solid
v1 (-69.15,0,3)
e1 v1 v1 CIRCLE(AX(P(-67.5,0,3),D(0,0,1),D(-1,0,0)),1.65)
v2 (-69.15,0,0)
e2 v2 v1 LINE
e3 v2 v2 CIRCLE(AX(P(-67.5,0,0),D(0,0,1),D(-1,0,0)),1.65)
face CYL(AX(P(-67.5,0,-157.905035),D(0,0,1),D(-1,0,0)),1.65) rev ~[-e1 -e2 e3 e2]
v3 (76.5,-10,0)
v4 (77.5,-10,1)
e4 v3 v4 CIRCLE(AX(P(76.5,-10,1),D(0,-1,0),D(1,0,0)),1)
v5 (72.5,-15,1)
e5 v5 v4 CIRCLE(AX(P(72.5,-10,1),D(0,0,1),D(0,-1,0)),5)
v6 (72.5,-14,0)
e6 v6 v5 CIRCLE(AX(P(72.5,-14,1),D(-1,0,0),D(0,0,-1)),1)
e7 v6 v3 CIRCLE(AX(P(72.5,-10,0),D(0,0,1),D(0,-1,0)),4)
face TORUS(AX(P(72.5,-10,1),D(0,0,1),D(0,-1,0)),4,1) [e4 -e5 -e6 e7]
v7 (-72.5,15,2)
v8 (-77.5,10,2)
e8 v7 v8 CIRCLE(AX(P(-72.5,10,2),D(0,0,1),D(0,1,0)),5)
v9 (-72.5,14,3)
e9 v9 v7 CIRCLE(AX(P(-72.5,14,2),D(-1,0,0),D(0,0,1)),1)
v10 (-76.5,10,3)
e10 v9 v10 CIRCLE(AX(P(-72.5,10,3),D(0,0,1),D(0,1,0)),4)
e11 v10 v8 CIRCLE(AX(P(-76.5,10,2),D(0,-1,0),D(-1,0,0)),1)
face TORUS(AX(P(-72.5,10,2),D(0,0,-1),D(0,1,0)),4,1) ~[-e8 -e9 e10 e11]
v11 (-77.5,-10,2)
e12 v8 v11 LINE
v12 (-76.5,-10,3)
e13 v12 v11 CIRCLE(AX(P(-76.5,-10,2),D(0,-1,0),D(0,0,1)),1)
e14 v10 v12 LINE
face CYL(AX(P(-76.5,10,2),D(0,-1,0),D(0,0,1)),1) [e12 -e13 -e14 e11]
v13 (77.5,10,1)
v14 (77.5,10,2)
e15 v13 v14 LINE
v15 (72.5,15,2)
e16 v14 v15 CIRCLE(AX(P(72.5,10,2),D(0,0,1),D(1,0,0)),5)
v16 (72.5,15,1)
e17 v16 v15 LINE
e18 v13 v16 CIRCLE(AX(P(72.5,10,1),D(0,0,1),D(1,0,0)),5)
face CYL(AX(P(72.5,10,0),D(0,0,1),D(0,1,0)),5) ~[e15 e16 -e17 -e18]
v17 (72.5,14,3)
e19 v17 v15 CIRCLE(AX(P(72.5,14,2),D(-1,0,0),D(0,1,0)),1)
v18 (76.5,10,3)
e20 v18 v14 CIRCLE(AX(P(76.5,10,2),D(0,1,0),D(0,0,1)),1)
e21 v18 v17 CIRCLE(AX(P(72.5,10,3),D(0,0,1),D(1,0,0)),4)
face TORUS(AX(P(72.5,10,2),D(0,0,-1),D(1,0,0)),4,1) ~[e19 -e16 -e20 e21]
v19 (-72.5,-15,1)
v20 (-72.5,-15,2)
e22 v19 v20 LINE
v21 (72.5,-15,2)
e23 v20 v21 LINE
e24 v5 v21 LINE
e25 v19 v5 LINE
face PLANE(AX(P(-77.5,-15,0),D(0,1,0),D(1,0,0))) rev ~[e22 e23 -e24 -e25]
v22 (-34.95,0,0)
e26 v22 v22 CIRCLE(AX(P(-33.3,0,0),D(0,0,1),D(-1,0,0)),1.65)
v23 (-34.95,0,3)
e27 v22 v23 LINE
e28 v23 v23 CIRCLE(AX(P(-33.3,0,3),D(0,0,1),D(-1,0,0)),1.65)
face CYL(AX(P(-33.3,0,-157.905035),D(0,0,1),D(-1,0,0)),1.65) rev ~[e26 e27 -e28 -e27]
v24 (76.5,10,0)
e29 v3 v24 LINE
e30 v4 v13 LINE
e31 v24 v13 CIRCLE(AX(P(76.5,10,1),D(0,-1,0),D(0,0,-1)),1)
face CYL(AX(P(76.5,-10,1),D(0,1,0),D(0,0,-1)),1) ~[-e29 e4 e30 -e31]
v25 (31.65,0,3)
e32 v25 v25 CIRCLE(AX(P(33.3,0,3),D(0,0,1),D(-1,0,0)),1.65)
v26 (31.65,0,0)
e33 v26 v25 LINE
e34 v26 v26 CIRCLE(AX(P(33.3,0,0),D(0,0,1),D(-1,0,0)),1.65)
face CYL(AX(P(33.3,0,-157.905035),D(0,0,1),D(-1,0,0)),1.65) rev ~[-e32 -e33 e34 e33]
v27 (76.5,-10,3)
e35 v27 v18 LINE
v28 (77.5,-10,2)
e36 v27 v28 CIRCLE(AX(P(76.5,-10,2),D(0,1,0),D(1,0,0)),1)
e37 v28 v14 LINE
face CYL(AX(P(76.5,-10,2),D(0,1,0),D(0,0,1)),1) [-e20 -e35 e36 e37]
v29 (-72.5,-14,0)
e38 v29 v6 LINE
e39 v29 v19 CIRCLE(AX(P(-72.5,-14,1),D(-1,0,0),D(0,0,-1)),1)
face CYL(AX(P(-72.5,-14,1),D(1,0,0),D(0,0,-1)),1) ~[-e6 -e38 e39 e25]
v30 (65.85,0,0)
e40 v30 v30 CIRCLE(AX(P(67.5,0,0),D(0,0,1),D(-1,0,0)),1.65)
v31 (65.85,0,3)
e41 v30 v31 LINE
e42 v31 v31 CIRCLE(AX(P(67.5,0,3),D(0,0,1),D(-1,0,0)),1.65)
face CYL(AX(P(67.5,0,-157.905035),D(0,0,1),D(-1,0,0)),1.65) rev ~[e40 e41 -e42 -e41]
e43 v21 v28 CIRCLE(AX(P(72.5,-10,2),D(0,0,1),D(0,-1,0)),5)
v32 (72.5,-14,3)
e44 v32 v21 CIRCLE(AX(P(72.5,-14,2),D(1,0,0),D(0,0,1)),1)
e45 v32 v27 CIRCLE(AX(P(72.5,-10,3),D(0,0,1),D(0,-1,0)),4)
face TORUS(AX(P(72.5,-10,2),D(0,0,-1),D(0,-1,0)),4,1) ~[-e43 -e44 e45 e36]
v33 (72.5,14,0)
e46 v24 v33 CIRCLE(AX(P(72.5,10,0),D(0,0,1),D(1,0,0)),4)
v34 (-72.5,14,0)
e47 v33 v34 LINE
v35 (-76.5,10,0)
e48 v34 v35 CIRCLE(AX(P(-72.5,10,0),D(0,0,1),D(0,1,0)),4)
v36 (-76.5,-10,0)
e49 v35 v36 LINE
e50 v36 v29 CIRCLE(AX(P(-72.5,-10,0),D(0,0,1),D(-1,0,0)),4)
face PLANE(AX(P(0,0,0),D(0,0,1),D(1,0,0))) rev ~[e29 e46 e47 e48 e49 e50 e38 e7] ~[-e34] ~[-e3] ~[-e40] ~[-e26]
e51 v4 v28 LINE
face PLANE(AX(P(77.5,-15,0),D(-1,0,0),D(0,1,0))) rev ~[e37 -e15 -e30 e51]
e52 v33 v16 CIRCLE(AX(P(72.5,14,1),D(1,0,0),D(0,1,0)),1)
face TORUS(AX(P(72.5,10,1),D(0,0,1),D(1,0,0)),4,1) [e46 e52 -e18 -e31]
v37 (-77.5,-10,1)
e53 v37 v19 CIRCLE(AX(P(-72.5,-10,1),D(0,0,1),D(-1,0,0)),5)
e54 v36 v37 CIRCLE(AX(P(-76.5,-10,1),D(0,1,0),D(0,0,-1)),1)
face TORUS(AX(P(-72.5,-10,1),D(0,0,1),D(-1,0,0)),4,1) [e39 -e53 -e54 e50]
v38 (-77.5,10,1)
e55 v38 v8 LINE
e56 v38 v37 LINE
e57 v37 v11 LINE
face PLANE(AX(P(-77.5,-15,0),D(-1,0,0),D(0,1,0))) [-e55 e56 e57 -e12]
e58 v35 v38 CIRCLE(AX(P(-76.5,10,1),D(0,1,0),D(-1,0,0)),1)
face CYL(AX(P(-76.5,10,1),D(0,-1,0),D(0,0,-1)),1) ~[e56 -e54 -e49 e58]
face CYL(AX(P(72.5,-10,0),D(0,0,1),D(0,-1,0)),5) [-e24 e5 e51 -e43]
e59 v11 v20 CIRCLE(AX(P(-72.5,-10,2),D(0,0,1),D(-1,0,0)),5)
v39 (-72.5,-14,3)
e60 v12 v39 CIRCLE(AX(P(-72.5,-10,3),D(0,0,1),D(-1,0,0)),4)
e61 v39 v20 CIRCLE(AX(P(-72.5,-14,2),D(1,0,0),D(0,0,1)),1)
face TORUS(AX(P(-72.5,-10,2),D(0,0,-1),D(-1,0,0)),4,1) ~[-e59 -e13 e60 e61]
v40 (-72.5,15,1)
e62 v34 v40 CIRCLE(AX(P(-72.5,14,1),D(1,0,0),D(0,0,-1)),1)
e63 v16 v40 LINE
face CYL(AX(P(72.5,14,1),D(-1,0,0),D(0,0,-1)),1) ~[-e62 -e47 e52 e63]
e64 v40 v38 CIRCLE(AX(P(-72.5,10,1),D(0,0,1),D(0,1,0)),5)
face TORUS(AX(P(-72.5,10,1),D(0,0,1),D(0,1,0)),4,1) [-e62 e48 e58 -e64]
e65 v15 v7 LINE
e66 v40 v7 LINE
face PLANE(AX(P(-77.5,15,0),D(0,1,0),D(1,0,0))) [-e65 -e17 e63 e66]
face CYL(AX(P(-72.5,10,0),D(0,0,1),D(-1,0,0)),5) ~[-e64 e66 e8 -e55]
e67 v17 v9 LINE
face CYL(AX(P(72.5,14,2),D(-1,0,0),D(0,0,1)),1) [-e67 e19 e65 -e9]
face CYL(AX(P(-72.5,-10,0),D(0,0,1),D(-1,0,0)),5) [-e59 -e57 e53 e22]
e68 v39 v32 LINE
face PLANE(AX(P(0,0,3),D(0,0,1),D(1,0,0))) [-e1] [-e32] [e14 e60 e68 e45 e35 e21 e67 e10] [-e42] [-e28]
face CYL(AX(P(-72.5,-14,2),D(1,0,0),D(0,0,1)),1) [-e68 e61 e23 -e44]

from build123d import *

# Parameters (mm, degrees)
F0_W     = 155
F0_H     = 30
F1_DEPTH = 3
F2_D     = 3.3
F3_R     = 5
F4_R     = 1
F5_D     = 3.3


with BuildPart() as f1:
    # F0 (on Top) → F1 (new body)
    with BuildSketch(Plane.XY):
        Rectangle(F0_W, F0_H)
    extrude(amount=F1_DEPTH)

    # F2 (through all)
    with Locations(Plane(origin=(0, 0, 0), x_dir=(1, 0, 0), z_dir=(0, 0, -1))):
        with Locations((-67.5, 0), (67.5, 0)):
            Hole(F2_D / 2)

    # F3
    f3_edges = [f1.edges().sort_by_distance(p)[0] for p in [
        (-77.5, 15, 1.5),
        (-77.5, -15, 1.5),
        (77.5, -15, 1.5),
        (77.5, 15, 1.5),
    ]]
    fillet(f3_edges, radius=F3_R)

    # F4
    f4_edges = [f1.edges().sort_by_distance(p)[0] for p in [
        (0, -15, 3),
        (0, -15, 0),
    ]]
    fillet(f4_edges, radius=F4_R)

    # F5 (through all)
    with Locations(Plane(origin=(0, 0, 0), x_dir=(1, 0, 0), z_dir=(0, 0, -1))):
        with Locations((-33.3, 0), (33.3, 0)):
            Hole(F5_D / 2)


solid = f1.part
